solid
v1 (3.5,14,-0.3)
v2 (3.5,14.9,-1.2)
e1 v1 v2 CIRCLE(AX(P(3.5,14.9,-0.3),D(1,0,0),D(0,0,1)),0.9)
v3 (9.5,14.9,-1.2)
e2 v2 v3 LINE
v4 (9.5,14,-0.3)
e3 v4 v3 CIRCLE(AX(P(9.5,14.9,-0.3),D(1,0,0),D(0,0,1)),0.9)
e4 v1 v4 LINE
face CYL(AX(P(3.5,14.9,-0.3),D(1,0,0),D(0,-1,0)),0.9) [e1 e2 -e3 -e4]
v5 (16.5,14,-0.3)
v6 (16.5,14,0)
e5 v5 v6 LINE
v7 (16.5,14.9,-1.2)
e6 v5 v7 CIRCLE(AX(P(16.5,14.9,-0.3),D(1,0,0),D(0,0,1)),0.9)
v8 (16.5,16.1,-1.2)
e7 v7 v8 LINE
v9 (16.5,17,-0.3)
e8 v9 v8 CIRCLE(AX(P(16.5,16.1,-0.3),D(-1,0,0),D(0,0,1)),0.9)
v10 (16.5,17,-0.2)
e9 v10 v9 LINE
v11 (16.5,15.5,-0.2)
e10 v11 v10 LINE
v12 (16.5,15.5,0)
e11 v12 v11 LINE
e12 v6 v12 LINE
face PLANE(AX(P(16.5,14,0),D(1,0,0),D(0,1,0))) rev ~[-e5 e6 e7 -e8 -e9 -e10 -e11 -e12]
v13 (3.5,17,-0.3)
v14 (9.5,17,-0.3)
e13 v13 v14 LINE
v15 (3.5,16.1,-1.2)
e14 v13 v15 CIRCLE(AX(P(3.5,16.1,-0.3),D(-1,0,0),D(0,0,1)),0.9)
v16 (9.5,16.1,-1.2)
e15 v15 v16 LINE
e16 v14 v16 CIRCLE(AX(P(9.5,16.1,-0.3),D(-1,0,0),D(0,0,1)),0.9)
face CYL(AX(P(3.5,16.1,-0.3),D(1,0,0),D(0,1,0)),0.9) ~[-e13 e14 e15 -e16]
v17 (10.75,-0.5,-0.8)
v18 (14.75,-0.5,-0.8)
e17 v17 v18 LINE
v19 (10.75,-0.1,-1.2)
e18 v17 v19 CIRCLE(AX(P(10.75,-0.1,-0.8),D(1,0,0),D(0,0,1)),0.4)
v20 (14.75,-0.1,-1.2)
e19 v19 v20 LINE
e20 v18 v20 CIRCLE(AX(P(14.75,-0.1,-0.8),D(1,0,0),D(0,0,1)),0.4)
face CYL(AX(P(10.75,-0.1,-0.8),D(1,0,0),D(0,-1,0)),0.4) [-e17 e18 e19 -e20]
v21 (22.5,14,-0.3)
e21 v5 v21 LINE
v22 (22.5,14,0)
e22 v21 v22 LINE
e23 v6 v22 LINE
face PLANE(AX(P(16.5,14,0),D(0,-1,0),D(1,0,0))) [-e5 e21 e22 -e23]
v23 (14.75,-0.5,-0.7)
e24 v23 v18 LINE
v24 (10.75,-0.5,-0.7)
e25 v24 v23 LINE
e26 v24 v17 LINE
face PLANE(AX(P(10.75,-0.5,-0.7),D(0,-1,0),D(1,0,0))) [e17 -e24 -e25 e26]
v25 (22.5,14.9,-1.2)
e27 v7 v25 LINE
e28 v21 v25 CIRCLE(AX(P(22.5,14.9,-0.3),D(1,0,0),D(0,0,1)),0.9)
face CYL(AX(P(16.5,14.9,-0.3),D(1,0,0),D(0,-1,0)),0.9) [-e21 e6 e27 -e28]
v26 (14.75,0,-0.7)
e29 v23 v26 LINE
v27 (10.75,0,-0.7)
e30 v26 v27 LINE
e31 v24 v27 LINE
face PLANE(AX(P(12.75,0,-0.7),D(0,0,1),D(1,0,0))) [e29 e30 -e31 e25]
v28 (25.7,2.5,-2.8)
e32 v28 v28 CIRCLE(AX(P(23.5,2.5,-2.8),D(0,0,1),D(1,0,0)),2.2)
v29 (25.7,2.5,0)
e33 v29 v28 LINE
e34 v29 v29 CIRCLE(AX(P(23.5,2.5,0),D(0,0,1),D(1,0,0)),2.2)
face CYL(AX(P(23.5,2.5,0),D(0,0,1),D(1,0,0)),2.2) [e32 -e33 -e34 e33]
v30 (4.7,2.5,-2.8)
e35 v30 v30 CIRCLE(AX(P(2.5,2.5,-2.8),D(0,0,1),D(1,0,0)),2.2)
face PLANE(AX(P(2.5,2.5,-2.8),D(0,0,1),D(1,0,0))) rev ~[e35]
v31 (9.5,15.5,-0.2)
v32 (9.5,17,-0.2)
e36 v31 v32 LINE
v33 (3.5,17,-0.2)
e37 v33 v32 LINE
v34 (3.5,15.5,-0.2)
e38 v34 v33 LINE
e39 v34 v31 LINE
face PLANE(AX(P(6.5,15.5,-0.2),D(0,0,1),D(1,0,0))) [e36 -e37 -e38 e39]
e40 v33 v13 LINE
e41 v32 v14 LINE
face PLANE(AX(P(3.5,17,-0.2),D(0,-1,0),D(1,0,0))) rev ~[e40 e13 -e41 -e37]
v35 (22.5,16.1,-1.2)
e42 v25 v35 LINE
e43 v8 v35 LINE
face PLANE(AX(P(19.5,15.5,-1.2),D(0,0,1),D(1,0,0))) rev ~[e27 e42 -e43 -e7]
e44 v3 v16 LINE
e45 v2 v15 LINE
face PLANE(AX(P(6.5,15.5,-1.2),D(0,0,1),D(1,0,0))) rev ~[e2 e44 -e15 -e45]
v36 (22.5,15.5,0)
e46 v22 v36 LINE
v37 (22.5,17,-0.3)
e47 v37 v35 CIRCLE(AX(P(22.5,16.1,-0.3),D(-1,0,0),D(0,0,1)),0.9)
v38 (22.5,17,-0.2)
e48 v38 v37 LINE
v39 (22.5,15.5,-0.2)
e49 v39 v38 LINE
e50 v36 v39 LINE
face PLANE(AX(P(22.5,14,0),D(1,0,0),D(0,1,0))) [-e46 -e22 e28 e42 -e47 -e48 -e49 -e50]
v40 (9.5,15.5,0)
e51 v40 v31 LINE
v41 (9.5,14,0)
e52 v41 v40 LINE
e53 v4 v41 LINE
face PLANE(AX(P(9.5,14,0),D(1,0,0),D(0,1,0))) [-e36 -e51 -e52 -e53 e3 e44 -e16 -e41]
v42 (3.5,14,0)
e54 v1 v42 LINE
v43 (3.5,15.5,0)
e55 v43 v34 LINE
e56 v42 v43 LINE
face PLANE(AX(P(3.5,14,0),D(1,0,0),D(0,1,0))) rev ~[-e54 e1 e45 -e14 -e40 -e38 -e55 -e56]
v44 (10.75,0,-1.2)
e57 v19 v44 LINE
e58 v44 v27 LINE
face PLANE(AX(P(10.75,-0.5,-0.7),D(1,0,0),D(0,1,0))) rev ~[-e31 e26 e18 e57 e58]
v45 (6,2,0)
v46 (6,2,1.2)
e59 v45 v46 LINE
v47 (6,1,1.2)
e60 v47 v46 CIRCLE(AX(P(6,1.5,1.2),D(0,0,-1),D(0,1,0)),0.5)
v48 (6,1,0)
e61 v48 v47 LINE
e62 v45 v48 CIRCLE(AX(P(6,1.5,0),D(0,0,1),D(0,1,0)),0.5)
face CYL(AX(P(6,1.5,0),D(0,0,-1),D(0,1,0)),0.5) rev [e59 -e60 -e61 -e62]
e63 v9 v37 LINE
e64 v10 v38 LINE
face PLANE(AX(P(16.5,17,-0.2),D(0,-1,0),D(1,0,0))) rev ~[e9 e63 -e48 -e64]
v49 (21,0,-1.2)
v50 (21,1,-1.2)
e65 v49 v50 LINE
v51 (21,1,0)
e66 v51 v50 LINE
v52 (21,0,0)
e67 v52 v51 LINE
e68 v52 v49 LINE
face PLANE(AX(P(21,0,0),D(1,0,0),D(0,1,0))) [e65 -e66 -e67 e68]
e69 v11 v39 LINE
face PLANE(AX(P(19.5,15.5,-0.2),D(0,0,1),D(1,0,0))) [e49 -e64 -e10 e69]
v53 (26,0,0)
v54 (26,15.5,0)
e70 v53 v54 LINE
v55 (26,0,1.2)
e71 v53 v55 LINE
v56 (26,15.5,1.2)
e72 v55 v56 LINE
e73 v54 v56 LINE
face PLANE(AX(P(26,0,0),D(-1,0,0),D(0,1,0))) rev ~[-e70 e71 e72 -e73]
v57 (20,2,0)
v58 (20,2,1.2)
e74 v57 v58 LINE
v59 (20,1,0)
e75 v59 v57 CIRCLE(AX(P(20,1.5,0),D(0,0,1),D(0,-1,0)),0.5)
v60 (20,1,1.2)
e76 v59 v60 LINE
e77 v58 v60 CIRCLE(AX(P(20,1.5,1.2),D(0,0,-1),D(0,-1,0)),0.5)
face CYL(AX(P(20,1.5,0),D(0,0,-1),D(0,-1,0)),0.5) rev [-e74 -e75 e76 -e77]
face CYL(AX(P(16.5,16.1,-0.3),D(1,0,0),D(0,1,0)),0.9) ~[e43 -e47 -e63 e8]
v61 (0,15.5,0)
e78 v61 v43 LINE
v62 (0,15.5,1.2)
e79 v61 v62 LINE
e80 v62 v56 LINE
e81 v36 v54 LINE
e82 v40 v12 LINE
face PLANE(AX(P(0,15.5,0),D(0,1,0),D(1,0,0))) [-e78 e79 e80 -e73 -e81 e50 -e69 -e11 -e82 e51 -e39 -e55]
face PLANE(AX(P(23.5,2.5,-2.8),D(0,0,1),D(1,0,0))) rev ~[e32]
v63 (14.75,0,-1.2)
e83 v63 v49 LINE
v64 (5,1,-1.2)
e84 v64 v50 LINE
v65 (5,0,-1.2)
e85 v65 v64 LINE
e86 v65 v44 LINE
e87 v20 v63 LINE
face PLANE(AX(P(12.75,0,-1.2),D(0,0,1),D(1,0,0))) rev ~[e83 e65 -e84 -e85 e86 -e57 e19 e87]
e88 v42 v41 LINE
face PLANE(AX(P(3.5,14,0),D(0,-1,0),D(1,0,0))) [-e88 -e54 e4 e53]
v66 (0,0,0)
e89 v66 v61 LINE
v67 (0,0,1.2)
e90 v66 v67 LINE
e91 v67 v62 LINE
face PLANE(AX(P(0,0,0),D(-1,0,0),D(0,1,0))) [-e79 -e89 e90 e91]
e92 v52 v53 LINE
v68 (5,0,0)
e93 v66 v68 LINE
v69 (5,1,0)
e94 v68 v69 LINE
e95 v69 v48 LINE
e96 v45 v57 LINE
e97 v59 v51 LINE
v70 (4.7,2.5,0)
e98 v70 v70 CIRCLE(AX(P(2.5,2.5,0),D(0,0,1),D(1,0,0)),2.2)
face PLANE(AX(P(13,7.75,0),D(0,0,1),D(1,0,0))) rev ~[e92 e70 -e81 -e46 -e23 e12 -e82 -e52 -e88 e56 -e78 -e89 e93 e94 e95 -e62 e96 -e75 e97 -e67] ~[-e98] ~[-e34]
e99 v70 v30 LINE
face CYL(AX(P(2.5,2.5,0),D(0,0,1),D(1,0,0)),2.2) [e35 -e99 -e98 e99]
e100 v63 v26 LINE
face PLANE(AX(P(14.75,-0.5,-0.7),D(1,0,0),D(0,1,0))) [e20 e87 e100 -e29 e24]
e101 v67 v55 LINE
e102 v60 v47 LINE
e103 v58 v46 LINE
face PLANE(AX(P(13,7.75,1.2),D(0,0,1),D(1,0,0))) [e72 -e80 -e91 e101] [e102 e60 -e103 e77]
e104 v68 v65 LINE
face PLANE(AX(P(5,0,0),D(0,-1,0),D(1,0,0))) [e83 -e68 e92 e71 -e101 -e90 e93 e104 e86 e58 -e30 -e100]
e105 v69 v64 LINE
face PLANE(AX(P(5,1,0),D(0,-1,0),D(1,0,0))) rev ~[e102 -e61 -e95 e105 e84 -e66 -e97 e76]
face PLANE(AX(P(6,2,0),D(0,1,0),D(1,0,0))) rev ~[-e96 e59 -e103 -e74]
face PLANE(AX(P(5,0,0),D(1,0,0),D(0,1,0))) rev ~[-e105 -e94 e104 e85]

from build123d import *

# Parameters (mm, degrees)
EXTRUDE006_START = -0.7
SKETCH006_W      = 4
SKETCH006_H      = 1
EXTRUDE006_DEPTH = 0.5
FILLET001_R      = 0.4
SKETCH005_W      = 16
SKETCH005_H      = 1
EXTRUDE005_DEPTH = 1.2
EXTRUDE004_DEPTH = 2
SKETCH002_R      = 2.2
EXTRUDE002_DEPTH = 2.8
SKETCH007_W      = 6
SKETCH007_H      = 1.5
EXTRUDE007_DEPTH = 0.3
EXTRUDE001_START = -0.2
SKETCH001_W      = 6
SKETCH001_H      = 3
EXTRUDE001_DEPTH = 1
FILLET_R         = 0.9
SKETCH_W         = 26
SKETCH_H         = 15.5
EXTRUDE_DEPTH    = 1.2


with BuildPart() as fillet001:
    # Sketch006 → Extrude006 (new body)
    with BuildSketch(Plane.XY.offset(EXTRUDE006_START)):
        with Locations((12.75, 0)):
            Rectangle(SKETCH006_W, SKETCH006_H)
    extrude(amount=-EXTRUDE006_DEPTH)

    # Fillet001
    fillet001_edges = [fillet001.edges().sort_by_distance(p)[0] for p in [
        (12.75, -0.5, -1.2),
    ]]
    fillet(fillet001_edges, radius=FILLET001_R)


with BuildPart() as extrude005:
    # Sketch005 → Extrude005 (new body)
    with BuildSketch(Plane.XY):
        with Locations((13, 0.5)):
            Rectangle(SKETCH005_W, SKETCH005_H)
    extrude(amount=-EXTRUDE005_DEPTH)


with BuildPart() as extrude004:
    # Sketch004 → Extrude004 (new body)
    with BuildSketch(Plane.XY):
        with BuildLine():
            ThreePointArc((6, 2), (5.5, 1.5), (6, 1))
            Line((6, 1), (20, 1))
            ThreePointArc((20, 1), (20.5, 1.5), (20, 2))
            Line((6, 2), (20, 2))
        make_face()
    extrude(amount=EXTRUDE004_DEPTH)


with BuildPart() as extrude002:
    # Sketch002 → Extrude002 (new body)
    with BuildSketch(Plane.XY):
        with Locations((2.5, 2.5)):
            Circle(SKETCH002_R)
        with Locations((23.5, 2.5)):
            Circle(SKETCH002_R)
    extrude(amount=-EXTRUDE002_DEPTH)


with BuildPart() as extrude007:
    # Sketch007 (on Fillet) → Extrude007 (new body)
    with BuildSketch(Plane.XY):
        with Locations((6.5, 14.75)):
            Rectangle(SKETCH007_W, SKETCH007_H)
        with Locations((19.5, 14.75)):
            Rectangle(SKETCH007_W, SKETCH007_H)
    extrude(amount=-EXTRUDE007_DEPTH)


with BuildPart() as fusion005:
    # Sketch001 (on Sketch) → Extrude001 (new body)
    with BuildSketch(Plane.XY.offset(EXTRUDE001_START)):
        with Locations((6.5, 15.5)):
            Rectangle(SKETCH001_W, SKETCH001_H)
        with Locations((19.5, 15.5)):
            Rectangle(SKETCH001_W, SKETCH001_H)
    extrude(amount=-EXTRUDE001_DEPTH)

    # Fillet
    fillet_edges = [fusion005.edges().sort_by_distance(p)[0] for p in [
        (19.5, 17, -1.2),
        (19.5, 14, -1.2),
        (6.5, 17, -1.2),
        (6.5, 14, -1.2),
    ]]
    fillet(fillet_edges, radius=FILLET_R)

    # Fusion005: union Extrude007
    add(extrude007.part)


with BuildPart() as fusion004:
    # Sketch → Extrude (new body)
    with BuildSketch(Plane.XY):
        with Locations((13, 7.75)):
            Rectangle(SKETCH_W, SKETCH_H)
    extrude(amount=EXTRUDE_DEPTH)

    # Fusion: union Fusion005
    add(fusion005.part)

    # Fusion001: union Extrude002
    add(extrude002.part)

    # Cut001: cut Extrude004
    add(extrude004.part, mode=Mode.SUBTRACT)

    # Fusion003: union Extrude005
    add(extrude005.part)

    # Fusion004: union Fillet001
    add(fillet001.part)


solid = fusion004.part
